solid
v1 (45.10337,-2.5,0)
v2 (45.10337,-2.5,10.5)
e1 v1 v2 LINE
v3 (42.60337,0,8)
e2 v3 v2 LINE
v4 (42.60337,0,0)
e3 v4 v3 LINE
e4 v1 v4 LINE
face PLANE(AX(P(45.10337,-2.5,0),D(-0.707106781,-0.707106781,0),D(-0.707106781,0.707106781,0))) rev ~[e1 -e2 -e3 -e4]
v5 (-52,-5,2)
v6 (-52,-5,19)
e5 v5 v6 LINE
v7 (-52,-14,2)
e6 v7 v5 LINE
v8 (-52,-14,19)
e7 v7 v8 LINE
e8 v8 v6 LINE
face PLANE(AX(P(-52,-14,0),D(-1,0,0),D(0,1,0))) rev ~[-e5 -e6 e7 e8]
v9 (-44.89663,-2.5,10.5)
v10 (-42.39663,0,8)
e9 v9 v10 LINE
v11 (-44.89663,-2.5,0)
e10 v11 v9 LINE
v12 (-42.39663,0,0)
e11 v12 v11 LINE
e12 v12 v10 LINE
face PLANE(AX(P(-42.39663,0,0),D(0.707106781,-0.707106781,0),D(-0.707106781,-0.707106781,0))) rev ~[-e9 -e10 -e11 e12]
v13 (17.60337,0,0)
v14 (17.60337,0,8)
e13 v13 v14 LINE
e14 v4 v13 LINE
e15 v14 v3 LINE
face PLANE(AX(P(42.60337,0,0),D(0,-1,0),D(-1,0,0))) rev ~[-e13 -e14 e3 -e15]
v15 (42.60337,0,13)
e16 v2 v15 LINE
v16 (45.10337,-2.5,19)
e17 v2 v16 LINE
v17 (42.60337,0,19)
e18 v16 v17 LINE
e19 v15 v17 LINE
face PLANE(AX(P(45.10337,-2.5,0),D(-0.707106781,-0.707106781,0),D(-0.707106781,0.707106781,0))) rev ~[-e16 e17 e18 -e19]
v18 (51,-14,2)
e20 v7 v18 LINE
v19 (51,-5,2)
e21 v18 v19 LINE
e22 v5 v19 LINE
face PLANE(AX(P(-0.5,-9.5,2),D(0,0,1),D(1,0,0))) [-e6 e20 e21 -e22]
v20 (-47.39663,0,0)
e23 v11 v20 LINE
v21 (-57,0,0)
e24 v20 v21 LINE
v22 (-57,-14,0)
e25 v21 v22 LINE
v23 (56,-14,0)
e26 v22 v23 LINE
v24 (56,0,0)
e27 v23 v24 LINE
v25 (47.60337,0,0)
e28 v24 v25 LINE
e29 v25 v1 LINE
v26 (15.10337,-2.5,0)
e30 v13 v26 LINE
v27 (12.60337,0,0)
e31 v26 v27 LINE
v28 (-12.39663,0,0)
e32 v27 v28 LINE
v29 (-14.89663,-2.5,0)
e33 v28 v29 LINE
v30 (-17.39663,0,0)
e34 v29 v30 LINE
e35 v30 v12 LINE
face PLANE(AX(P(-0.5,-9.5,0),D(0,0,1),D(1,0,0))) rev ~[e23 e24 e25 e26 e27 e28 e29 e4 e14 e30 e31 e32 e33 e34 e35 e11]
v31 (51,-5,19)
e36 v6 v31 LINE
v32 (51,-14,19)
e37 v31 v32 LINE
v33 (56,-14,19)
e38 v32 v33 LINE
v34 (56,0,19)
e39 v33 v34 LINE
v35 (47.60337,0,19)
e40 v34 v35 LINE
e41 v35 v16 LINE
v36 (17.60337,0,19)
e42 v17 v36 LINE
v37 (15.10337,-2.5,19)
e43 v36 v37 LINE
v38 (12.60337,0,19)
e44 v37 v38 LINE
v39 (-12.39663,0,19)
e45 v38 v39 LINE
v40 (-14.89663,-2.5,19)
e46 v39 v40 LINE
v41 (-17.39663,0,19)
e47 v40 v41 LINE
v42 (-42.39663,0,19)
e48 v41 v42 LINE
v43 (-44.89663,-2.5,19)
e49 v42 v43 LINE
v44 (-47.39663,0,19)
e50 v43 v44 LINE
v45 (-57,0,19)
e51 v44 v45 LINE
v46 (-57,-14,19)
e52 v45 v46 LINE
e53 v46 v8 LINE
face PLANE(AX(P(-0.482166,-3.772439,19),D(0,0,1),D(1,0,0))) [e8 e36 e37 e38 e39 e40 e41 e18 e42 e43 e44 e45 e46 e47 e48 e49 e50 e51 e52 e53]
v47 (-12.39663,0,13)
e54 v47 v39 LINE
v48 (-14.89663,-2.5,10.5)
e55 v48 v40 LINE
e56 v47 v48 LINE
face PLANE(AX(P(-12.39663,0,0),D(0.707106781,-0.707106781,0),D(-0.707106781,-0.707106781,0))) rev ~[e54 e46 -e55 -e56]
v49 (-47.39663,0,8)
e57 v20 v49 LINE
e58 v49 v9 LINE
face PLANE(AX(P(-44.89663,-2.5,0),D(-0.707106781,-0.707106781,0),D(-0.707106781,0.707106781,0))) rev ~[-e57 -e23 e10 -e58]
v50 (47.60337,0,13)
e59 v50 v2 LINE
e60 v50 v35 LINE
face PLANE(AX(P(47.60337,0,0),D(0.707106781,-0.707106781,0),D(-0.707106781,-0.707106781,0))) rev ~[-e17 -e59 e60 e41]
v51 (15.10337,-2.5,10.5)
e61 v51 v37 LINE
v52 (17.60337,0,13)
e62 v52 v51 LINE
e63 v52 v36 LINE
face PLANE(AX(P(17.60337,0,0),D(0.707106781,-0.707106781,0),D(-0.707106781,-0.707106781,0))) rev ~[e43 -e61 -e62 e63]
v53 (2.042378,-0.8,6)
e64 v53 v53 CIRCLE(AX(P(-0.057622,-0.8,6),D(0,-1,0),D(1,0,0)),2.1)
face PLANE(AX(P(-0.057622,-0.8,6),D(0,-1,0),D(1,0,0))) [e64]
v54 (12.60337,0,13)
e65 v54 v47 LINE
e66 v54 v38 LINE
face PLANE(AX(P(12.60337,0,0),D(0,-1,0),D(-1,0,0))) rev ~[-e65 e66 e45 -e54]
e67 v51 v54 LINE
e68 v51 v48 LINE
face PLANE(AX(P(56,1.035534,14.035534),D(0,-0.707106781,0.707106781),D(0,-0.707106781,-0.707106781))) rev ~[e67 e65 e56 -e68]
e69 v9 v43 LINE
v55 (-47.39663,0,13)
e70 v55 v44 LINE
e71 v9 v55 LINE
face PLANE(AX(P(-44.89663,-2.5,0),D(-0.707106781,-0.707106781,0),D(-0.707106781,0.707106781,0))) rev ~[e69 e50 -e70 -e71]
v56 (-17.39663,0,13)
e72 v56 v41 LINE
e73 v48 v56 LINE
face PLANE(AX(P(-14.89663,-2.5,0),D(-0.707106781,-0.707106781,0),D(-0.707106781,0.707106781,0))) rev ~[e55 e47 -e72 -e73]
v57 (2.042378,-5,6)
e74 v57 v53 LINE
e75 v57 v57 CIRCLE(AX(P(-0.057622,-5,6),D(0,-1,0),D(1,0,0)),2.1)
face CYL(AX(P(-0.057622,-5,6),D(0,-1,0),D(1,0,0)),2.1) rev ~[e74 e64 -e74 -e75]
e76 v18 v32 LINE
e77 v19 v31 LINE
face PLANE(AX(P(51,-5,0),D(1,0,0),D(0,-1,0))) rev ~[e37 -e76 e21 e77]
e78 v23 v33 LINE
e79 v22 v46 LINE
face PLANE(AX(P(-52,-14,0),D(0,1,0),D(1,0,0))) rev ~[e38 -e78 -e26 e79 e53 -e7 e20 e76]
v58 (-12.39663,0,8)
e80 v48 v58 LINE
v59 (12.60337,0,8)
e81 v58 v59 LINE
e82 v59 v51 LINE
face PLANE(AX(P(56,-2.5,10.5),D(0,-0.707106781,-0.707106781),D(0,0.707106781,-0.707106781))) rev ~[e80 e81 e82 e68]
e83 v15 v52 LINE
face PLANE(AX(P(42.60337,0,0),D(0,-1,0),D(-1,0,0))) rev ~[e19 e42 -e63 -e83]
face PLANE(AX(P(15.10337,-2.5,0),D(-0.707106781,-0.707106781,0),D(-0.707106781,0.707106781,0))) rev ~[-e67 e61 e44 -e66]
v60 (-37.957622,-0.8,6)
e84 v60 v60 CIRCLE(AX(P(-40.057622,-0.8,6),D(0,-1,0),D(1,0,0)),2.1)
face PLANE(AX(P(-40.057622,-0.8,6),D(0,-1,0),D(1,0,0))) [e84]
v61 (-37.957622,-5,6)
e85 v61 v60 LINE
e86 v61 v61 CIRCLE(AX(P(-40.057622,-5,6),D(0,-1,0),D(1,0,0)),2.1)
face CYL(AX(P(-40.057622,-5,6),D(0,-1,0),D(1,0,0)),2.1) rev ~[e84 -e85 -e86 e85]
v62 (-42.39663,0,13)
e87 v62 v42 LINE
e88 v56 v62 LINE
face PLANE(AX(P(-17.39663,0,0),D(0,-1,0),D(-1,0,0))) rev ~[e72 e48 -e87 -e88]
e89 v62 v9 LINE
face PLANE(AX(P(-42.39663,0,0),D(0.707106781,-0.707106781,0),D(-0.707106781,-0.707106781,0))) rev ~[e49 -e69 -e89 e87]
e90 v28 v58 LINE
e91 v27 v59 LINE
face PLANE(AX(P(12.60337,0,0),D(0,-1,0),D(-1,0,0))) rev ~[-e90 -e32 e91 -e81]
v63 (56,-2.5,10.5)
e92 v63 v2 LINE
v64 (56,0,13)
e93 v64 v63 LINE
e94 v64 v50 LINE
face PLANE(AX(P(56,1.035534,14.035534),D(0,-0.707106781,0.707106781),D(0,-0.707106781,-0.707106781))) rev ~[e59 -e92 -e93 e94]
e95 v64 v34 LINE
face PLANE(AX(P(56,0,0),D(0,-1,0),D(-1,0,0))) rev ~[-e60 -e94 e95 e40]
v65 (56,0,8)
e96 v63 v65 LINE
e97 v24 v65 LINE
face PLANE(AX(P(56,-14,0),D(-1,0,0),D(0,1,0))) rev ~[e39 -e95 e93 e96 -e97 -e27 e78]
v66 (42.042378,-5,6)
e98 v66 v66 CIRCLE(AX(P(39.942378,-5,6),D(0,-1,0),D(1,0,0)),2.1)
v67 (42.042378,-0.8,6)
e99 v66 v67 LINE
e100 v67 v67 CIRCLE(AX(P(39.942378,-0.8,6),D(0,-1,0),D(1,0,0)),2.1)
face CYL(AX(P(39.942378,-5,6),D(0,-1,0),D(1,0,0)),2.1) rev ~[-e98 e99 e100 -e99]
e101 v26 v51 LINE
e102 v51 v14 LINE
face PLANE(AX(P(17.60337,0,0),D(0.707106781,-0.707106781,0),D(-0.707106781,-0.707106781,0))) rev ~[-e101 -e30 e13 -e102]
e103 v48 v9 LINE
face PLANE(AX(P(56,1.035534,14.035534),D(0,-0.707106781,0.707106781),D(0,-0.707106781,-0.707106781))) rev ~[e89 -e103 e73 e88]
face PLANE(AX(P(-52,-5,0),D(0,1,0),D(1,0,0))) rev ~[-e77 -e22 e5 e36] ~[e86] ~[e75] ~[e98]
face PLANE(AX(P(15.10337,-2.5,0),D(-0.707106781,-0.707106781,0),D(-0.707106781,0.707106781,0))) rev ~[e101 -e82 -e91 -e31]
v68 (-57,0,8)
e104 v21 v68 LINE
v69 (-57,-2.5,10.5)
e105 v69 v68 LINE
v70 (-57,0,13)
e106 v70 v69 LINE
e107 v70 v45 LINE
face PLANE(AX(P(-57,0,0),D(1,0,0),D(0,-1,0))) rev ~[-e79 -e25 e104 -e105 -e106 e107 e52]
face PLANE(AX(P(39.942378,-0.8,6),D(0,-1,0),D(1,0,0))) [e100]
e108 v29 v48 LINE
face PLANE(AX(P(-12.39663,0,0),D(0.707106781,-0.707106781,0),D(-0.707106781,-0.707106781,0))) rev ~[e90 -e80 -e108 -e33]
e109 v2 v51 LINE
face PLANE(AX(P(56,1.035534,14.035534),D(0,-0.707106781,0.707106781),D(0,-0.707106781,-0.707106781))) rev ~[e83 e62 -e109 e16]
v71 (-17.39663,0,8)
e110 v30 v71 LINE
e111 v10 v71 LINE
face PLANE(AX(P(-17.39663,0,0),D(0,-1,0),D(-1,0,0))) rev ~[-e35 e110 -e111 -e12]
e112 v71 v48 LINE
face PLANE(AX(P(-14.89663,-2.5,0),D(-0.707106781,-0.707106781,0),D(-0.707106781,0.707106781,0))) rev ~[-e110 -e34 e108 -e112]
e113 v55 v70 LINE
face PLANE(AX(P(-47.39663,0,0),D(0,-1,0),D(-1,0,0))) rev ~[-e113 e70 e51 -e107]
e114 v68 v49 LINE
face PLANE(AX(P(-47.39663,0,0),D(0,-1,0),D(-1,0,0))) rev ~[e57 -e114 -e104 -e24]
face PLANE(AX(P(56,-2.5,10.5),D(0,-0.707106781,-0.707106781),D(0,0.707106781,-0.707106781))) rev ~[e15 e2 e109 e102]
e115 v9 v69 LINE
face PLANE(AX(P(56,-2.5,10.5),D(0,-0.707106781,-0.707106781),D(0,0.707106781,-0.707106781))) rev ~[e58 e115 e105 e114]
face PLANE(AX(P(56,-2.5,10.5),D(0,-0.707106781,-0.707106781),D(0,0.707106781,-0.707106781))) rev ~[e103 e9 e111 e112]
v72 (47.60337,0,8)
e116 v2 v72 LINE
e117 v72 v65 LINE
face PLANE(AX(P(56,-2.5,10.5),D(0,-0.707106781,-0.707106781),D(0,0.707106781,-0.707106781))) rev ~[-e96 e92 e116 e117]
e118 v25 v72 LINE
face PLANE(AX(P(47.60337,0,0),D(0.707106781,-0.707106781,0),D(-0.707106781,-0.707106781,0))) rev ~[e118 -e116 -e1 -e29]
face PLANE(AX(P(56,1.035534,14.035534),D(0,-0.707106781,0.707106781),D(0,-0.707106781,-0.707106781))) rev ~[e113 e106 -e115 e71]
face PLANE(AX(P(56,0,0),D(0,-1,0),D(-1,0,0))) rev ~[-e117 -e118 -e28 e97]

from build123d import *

# Parameters (mm, degrees)
F1_DEPTH = 19
F0_W     = 103
F0_H     = 9
F2_DEPTH = 2
F4_DEPTH = 120
F5_R     = 2.1
F6_DEPTH = 4.2


with BuildPart() as f1:
    # F0 (on Top) → F1 (new body)
    with BuildSketch(Plane.XY):
        Polygon((-52, -14), (-52, -5), (51, -5), (51, -14), (56, -14), (56, 0), (47.60337, 0), (45.10337, -2.5), (42.60337, 0), (17.60337, 0), (15.10337, -2.5), (12.60337, 0), (-12.39663, 0), (-14.89663, -2.5), (-17.39663, 0), (-42.39663, 0), (-44.89663, -2.5), (-47.39663, 0), (-57, 0), (-57, -14), align=None)
    extrude(amount=F1_DEPTH)

    # F0 (on Top) → F2 (join)
    with BuildSketch(Plane.XY):
        with Locations((-0.5, -9.5)):
            Rectangle(F0_W, F0_H)
    extrude(amount=F2_DEPTH)

    # F3 (on face) → F4 (cut)
    with BuildSketch(Plane.YZ.offset(56)):
        Polygon((0, 8), (0, 13), (-2.5, 10.5), align=None)
        Polygon((1.035534, 6.964466), (1.035534, 14.035534), (0, 13), (0, 8), align=None)
    extrude(amount=-F4_DEPTH, mode=Mode.SUBTRACT)

    # F5 (on face) → F6 (cut)
    with BuildSketch(Plane.XZ.offset(5)):
        with Locations((-40.057622, 6)):
            Circle(F5_R)
        with Locations((-0.057622, 6)):
            Circle(F5_R)
        with Locations((39.942378, 6)):
            Circle(F5_R)
    extrude(amount=-F6_DEPTH, mode=Mode.SUBTRACT)


solid = f1.part
